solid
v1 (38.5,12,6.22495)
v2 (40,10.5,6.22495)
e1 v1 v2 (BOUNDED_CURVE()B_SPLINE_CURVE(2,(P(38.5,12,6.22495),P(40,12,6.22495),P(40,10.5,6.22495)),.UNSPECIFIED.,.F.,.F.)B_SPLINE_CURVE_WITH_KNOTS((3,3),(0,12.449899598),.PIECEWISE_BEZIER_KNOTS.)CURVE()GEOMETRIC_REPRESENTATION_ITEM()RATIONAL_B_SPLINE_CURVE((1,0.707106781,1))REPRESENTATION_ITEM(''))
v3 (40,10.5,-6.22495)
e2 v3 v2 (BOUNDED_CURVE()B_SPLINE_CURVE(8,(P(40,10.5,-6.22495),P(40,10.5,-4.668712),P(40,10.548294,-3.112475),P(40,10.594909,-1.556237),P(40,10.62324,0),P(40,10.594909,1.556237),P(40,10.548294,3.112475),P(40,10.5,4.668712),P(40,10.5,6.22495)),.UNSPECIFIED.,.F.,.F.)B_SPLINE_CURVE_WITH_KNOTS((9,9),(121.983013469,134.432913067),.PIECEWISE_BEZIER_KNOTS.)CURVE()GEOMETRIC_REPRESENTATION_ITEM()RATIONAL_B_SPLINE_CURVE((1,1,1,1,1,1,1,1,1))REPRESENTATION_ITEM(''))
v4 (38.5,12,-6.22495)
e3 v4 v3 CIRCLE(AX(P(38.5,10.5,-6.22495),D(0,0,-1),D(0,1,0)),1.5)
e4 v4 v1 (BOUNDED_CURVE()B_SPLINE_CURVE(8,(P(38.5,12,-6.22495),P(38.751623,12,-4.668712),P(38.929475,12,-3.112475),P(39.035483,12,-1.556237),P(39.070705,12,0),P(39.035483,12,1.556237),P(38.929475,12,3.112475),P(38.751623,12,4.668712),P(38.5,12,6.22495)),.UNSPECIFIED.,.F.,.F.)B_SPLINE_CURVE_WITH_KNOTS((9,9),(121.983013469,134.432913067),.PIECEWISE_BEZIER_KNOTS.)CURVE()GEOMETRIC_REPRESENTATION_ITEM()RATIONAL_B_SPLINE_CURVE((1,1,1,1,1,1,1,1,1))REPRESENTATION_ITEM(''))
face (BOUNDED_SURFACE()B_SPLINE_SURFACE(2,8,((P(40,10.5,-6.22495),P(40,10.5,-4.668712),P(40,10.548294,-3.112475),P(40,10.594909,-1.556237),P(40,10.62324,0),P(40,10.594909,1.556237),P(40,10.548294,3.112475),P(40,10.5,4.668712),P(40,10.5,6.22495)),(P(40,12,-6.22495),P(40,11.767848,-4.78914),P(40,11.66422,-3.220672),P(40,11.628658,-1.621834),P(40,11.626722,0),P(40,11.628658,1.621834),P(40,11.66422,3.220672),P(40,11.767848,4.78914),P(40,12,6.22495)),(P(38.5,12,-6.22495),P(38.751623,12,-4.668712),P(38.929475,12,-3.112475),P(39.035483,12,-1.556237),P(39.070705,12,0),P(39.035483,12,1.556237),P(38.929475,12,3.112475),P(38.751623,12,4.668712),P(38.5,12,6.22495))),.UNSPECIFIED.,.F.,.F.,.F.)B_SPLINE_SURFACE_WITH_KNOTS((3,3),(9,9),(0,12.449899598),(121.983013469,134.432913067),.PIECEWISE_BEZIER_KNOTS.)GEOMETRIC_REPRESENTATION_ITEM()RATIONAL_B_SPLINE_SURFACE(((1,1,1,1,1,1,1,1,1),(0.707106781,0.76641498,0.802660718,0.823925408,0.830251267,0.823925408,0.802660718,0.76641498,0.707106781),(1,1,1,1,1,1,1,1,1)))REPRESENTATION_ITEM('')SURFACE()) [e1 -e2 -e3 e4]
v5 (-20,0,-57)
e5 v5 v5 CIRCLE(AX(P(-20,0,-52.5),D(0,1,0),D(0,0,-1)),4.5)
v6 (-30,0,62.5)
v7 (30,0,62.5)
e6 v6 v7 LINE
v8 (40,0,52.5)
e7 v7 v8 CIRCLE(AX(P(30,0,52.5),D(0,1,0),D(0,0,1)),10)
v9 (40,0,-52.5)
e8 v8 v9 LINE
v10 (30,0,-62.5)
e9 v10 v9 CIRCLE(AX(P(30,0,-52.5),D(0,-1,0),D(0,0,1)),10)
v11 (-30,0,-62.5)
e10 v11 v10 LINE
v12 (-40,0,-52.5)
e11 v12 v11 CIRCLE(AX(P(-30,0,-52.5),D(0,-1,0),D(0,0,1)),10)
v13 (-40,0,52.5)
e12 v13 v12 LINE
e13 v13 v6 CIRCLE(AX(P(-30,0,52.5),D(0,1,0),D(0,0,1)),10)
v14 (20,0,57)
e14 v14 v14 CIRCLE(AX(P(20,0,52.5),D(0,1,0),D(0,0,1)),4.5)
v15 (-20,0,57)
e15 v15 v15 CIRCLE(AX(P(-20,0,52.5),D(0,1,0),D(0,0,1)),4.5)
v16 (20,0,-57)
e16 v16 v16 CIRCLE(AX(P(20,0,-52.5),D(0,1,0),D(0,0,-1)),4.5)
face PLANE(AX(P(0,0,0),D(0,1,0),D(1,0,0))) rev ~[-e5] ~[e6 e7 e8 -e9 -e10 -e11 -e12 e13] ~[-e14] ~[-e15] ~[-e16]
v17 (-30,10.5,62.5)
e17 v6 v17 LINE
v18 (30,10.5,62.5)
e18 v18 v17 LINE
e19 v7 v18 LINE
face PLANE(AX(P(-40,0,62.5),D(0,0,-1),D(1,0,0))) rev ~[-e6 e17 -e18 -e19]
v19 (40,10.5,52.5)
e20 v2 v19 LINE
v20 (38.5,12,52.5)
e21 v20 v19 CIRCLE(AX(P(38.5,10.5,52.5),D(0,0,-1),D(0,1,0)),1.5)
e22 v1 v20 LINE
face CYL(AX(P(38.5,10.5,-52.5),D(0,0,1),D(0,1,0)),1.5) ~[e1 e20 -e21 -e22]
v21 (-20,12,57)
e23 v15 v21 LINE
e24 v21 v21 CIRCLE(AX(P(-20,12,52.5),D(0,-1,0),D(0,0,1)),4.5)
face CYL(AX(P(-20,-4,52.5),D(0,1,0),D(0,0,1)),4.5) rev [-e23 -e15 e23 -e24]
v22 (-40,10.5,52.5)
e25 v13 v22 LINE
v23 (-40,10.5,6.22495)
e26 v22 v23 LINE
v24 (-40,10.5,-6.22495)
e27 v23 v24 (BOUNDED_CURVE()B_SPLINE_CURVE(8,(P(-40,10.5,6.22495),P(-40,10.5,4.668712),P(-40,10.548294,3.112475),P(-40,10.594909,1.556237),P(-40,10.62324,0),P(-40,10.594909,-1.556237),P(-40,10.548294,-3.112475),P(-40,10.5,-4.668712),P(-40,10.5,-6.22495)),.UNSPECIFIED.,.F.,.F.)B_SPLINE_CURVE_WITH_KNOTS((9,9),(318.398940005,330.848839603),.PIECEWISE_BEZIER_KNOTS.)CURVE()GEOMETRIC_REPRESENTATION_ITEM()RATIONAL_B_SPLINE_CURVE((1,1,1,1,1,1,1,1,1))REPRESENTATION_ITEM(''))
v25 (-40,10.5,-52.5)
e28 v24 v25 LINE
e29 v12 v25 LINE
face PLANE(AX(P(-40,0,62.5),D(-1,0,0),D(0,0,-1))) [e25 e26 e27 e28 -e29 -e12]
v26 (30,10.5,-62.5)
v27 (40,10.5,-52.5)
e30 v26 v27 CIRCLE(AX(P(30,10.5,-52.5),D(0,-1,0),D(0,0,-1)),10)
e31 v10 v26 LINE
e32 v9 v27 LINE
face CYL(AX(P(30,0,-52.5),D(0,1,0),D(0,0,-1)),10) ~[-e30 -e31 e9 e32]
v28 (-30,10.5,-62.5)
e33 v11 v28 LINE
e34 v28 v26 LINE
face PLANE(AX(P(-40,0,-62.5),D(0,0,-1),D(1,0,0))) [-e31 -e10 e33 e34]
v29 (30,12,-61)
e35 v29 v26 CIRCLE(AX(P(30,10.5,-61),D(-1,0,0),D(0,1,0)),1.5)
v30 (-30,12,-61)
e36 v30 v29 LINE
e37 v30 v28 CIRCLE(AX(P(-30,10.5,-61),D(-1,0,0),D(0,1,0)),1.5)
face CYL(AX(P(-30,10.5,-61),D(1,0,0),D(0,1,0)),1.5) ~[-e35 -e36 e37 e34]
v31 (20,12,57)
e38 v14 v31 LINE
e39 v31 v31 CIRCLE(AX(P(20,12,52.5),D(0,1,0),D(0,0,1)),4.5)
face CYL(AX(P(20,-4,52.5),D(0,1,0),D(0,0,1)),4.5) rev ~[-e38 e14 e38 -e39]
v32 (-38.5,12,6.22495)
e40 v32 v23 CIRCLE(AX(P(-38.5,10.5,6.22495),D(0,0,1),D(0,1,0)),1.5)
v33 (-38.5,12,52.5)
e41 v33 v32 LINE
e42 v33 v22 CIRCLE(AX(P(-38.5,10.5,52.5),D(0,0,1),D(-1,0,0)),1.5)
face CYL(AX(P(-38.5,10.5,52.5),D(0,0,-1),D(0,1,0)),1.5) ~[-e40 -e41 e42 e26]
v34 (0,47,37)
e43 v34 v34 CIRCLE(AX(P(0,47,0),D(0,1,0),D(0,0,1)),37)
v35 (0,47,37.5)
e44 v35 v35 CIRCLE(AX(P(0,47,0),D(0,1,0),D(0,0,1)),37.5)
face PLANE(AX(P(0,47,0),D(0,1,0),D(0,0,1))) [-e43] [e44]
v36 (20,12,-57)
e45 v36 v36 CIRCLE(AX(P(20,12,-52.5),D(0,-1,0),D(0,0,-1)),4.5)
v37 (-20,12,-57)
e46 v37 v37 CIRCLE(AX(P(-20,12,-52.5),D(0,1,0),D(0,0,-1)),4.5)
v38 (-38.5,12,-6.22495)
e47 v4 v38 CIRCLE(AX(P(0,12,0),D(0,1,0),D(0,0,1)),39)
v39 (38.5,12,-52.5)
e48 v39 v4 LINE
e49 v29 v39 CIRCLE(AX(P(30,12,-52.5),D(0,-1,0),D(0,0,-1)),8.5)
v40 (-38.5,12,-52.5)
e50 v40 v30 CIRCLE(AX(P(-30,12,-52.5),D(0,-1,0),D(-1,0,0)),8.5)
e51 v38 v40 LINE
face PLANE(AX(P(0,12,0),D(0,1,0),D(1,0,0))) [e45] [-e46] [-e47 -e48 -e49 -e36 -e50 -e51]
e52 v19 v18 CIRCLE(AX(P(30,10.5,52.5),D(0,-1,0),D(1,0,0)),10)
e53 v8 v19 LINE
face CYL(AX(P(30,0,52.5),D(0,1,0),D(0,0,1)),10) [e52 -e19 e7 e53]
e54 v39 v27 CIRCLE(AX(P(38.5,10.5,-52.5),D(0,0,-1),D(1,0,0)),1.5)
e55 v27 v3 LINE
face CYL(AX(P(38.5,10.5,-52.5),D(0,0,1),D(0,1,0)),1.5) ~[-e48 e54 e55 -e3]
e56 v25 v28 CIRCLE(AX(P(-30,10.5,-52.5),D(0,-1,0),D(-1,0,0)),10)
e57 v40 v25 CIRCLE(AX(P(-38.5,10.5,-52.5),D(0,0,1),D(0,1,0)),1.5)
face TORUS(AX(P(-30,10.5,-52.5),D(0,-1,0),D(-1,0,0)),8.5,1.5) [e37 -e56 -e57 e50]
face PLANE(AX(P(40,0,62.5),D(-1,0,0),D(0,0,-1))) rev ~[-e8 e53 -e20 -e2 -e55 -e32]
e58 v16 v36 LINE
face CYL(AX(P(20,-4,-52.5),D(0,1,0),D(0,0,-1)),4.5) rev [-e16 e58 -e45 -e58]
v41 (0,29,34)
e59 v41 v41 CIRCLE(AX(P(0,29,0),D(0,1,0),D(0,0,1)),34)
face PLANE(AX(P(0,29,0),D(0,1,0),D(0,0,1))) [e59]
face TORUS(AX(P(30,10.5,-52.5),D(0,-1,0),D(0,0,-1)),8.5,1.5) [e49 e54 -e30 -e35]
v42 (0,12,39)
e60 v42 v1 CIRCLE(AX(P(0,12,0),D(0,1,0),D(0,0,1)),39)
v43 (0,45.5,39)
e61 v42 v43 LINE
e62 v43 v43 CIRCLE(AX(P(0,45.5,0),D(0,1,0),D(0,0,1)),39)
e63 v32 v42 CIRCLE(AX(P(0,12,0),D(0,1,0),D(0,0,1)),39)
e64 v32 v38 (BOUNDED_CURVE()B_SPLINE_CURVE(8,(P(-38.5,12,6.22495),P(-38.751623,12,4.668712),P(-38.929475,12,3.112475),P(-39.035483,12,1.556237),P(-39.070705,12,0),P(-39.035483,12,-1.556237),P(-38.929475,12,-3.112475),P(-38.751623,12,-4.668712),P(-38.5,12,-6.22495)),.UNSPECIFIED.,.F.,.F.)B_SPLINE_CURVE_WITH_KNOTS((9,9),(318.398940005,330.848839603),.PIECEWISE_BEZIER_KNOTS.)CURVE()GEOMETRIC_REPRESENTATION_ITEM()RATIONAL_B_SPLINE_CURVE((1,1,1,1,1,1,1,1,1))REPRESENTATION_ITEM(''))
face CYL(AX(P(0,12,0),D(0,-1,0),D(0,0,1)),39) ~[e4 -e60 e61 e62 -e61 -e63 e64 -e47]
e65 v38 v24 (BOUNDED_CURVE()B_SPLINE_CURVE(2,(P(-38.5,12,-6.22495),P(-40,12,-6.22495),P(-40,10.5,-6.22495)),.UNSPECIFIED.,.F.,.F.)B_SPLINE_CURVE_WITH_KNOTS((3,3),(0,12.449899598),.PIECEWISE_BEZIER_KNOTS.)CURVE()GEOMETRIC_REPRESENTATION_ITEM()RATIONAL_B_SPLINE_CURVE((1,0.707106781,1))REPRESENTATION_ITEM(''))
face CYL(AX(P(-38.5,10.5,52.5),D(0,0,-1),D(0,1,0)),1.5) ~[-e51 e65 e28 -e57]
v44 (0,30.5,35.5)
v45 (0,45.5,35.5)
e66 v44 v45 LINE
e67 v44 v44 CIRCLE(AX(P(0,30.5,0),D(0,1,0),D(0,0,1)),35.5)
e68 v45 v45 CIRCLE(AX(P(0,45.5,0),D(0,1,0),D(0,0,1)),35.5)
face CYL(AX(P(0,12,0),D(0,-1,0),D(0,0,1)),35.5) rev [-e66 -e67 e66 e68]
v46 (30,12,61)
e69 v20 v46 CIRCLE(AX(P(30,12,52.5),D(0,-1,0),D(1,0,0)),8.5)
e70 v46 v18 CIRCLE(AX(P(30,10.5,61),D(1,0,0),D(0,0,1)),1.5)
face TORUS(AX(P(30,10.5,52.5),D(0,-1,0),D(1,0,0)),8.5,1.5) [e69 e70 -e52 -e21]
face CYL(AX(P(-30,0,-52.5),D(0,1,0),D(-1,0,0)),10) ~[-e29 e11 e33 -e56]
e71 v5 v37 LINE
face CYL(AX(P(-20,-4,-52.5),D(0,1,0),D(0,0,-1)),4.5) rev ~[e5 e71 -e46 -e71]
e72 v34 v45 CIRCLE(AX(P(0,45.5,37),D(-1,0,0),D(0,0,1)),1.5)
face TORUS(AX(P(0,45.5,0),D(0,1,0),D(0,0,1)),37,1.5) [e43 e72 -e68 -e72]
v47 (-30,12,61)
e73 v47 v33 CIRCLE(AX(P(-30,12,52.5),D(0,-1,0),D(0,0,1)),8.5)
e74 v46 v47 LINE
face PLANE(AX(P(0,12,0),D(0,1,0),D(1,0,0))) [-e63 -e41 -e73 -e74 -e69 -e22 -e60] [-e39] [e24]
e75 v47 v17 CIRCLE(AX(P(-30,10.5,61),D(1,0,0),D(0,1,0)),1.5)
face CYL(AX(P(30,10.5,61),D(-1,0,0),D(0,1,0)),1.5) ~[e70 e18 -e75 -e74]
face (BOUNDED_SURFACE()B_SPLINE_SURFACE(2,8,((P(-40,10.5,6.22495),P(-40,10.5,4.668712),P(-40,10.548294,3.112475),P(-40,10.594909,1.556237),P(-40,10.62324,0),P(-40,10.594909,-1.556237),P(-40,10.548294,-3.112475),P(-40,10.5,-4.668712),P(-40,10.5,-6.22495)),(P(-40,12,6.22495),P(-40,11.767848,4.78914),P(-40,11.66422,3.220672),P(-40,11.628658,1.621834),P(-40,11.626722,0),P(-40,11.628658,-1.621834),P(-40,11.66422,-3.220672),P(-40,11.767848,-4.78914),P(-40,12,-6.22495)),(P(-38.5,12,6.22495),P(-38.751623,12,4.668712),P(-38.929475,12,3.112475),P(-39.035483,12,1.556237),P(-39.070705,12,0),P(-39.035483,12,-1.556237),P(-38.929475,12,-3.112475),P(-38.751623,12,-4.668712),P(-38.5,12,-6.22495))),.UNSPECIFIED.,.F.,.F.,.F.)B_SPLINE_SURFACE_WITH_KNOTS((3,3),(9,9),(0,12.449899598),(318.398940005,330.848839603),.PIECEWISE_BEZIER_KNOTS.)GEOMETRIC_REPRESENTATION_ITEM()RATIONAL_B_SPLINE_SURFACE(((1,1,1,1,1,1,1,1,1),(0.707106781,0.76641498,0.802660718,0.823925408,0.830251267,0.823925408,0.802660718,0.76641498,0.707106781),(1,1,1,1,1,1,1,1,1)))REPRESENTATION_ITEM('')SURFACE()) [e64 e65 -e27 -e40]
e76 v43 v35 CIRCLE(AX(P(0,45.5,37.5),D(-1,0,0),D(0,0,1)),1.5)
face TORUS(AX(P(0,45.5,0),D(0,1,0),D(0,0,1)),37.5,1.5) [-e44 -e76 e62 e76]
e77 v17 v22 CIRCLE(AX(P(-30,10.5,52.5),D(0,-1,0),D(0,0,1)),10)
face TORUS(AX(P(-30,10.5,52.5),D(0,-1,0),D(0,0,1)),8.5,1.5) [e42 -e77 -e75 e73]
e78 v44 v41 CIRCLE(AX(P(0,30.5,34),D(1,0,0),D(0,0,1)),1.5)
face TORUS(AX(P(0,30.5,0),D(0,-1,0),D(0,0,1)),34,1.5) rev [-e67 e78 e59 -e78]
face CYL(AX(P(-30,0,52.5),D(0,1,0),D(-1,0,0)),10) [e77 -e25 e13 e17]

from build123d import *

# Parameters (mm, degrees)
SZKIC1_W                    = 80
SZKIC1_H                    = 125
DODANIE_WYCI_GNI_CIE1_DEPTH = 12
SZKIC2_R                    = 39
SZKIC2_R_2                  = 35.5
DODANIE_WYCI_GNI_CIE2_DEPTH = 35
SZKIC4_R                    = 35.5
DODANIE_WYCI_GNI_CIE3_DEPTH = 17
ZAOKR_GLENIE1_R             = 10
ZAOKR_GLENIE2_R             = 1.5


with BuildPart() as part:
    # Szkic1 → Dodanie-wyciągnięcie1 (new body)
    with BuildSketch(Plane(origin=(0, 0, 0), x_dir=(1, 0, 0), z_dir=(0, 1, 0))):
        Rectangle(SZKIC1_W, SZKIC1_H)
    extrude(amount=DODANIE_WYCI_GNI_CIE1_DEPTH)

    # Szkic2 → Dodanie-wyciągnięcie2 (add)
    with BuildSketch(Plane(origin=(0, 12, 0), x_dir=(1, 0, 0), z_dir=(0, 1, 0))):
        with Locations(Location((0, 0, 0), (0, 0, 270))):
            Circle(SZKIC2_R)
        with Locations(Location((0, 0, 0), (0, 0, 270))):
            Circle(SZKIC2_R_2, mode=Mode.SUBTRACT)
    extrude(amount=DODANIE_WYCI_GNI_CIE2_DEPTH)

    # Szkic4 → Dodanie-wyciągnięcie3 (add)
    with BuildSketch(Plane(origin=(0, 12, 0), x_dir=(1, 0, 0), z_dir=(0, 1, 0))):
        with Locations(Location((0, 0, 0), (0, 0, 270))):
            Circle(SZKIC4_R)
    extrude(amount=DODANIE_WYCI_GNI_CIE3_DEPTH)

    # Zaokrąglenie1
    zaokr_glenie1_edges = [part.edges().sort_by_distance(p)[0] for p in [
        (-40, 6, -62.5),
        (40, 6, -62.5),
        (40, 6, 62.5),
        (-40, 6, 62.5),
    ]]
    fillet(zaokr_glenie1_edges, radius=ZAOKR_GLENIE1_R)

    # Zaokrąglenie2
    zaokr_glenie2_edges = [part.edges().sort_by_distance(p)[0] for p in [
        (0, 47, -39),
        (0, 47, -35.5),
        (0, 29, -35.5),
        (0, 12, -62.5),
        (40, 12, 0),
        (-40, 12, 0),
        (0, 12, 62.5),
        (37.071067812, 12, 59.571067812),
        (-37.071067812, 12, 59.571067812),
        (-37.071067812, 12, -59.571067812),
        (37.071067812, 12, -59.571067812),
    ]]
    fillet(zaokr_glenie2_edges, radius=ZAOKR_GLENIE2_R)

    # Szkic9 → Otwór pod śrubę M82 (revolve, cut)
    with BuildSketch(Plane(origin=(-20, 12, 52.5), x_dir=(0, 0, 1), z_dir=(1, 0, 0))):
        Polygon((0, 0), (0, 18.703872786), (4.5, 16), (4.5, 0), align=None)
    otw_r_pod_rub_m82 = revolve(axis=Axis((-20, 18.35, 52.5), (0, -1, 0)), mode=Mode.SUBTRACT)

    # Lustro3: Otwór pod śrubę M82 across plane
    add(otw_r_pod_rub_m82.mirror(Plane(origin=(0, 0, 0), x_dir=(0, 0, 1), z_dir=(1, 0, 0))), mode=Mode.SUBTRACT)

    # Lustro4: Otwór pod śrubę M82 across plane
    add(otw_r_pod_rub_m82.mirror(Plane.XY), mode=Mode.SUBTRACT)

    # Lustro4 copy 1 sketch → Lustro4 copy 1 (revolve, cut)
    with BuildSketch(Plane(origin=(20, 12, -52.5), x_dir=(0, 0, -1), z_dir=(-1, 0, 0))):
        Polygon((0, 0), (0, 18.703872786), (4.5, 16), (4.5, 0), align=None)
    revolve(axis=Axis((20, 18.35, -52.5), (0, -1, 0)), mode=Mode.SUBTRACT)


solid = part.part
